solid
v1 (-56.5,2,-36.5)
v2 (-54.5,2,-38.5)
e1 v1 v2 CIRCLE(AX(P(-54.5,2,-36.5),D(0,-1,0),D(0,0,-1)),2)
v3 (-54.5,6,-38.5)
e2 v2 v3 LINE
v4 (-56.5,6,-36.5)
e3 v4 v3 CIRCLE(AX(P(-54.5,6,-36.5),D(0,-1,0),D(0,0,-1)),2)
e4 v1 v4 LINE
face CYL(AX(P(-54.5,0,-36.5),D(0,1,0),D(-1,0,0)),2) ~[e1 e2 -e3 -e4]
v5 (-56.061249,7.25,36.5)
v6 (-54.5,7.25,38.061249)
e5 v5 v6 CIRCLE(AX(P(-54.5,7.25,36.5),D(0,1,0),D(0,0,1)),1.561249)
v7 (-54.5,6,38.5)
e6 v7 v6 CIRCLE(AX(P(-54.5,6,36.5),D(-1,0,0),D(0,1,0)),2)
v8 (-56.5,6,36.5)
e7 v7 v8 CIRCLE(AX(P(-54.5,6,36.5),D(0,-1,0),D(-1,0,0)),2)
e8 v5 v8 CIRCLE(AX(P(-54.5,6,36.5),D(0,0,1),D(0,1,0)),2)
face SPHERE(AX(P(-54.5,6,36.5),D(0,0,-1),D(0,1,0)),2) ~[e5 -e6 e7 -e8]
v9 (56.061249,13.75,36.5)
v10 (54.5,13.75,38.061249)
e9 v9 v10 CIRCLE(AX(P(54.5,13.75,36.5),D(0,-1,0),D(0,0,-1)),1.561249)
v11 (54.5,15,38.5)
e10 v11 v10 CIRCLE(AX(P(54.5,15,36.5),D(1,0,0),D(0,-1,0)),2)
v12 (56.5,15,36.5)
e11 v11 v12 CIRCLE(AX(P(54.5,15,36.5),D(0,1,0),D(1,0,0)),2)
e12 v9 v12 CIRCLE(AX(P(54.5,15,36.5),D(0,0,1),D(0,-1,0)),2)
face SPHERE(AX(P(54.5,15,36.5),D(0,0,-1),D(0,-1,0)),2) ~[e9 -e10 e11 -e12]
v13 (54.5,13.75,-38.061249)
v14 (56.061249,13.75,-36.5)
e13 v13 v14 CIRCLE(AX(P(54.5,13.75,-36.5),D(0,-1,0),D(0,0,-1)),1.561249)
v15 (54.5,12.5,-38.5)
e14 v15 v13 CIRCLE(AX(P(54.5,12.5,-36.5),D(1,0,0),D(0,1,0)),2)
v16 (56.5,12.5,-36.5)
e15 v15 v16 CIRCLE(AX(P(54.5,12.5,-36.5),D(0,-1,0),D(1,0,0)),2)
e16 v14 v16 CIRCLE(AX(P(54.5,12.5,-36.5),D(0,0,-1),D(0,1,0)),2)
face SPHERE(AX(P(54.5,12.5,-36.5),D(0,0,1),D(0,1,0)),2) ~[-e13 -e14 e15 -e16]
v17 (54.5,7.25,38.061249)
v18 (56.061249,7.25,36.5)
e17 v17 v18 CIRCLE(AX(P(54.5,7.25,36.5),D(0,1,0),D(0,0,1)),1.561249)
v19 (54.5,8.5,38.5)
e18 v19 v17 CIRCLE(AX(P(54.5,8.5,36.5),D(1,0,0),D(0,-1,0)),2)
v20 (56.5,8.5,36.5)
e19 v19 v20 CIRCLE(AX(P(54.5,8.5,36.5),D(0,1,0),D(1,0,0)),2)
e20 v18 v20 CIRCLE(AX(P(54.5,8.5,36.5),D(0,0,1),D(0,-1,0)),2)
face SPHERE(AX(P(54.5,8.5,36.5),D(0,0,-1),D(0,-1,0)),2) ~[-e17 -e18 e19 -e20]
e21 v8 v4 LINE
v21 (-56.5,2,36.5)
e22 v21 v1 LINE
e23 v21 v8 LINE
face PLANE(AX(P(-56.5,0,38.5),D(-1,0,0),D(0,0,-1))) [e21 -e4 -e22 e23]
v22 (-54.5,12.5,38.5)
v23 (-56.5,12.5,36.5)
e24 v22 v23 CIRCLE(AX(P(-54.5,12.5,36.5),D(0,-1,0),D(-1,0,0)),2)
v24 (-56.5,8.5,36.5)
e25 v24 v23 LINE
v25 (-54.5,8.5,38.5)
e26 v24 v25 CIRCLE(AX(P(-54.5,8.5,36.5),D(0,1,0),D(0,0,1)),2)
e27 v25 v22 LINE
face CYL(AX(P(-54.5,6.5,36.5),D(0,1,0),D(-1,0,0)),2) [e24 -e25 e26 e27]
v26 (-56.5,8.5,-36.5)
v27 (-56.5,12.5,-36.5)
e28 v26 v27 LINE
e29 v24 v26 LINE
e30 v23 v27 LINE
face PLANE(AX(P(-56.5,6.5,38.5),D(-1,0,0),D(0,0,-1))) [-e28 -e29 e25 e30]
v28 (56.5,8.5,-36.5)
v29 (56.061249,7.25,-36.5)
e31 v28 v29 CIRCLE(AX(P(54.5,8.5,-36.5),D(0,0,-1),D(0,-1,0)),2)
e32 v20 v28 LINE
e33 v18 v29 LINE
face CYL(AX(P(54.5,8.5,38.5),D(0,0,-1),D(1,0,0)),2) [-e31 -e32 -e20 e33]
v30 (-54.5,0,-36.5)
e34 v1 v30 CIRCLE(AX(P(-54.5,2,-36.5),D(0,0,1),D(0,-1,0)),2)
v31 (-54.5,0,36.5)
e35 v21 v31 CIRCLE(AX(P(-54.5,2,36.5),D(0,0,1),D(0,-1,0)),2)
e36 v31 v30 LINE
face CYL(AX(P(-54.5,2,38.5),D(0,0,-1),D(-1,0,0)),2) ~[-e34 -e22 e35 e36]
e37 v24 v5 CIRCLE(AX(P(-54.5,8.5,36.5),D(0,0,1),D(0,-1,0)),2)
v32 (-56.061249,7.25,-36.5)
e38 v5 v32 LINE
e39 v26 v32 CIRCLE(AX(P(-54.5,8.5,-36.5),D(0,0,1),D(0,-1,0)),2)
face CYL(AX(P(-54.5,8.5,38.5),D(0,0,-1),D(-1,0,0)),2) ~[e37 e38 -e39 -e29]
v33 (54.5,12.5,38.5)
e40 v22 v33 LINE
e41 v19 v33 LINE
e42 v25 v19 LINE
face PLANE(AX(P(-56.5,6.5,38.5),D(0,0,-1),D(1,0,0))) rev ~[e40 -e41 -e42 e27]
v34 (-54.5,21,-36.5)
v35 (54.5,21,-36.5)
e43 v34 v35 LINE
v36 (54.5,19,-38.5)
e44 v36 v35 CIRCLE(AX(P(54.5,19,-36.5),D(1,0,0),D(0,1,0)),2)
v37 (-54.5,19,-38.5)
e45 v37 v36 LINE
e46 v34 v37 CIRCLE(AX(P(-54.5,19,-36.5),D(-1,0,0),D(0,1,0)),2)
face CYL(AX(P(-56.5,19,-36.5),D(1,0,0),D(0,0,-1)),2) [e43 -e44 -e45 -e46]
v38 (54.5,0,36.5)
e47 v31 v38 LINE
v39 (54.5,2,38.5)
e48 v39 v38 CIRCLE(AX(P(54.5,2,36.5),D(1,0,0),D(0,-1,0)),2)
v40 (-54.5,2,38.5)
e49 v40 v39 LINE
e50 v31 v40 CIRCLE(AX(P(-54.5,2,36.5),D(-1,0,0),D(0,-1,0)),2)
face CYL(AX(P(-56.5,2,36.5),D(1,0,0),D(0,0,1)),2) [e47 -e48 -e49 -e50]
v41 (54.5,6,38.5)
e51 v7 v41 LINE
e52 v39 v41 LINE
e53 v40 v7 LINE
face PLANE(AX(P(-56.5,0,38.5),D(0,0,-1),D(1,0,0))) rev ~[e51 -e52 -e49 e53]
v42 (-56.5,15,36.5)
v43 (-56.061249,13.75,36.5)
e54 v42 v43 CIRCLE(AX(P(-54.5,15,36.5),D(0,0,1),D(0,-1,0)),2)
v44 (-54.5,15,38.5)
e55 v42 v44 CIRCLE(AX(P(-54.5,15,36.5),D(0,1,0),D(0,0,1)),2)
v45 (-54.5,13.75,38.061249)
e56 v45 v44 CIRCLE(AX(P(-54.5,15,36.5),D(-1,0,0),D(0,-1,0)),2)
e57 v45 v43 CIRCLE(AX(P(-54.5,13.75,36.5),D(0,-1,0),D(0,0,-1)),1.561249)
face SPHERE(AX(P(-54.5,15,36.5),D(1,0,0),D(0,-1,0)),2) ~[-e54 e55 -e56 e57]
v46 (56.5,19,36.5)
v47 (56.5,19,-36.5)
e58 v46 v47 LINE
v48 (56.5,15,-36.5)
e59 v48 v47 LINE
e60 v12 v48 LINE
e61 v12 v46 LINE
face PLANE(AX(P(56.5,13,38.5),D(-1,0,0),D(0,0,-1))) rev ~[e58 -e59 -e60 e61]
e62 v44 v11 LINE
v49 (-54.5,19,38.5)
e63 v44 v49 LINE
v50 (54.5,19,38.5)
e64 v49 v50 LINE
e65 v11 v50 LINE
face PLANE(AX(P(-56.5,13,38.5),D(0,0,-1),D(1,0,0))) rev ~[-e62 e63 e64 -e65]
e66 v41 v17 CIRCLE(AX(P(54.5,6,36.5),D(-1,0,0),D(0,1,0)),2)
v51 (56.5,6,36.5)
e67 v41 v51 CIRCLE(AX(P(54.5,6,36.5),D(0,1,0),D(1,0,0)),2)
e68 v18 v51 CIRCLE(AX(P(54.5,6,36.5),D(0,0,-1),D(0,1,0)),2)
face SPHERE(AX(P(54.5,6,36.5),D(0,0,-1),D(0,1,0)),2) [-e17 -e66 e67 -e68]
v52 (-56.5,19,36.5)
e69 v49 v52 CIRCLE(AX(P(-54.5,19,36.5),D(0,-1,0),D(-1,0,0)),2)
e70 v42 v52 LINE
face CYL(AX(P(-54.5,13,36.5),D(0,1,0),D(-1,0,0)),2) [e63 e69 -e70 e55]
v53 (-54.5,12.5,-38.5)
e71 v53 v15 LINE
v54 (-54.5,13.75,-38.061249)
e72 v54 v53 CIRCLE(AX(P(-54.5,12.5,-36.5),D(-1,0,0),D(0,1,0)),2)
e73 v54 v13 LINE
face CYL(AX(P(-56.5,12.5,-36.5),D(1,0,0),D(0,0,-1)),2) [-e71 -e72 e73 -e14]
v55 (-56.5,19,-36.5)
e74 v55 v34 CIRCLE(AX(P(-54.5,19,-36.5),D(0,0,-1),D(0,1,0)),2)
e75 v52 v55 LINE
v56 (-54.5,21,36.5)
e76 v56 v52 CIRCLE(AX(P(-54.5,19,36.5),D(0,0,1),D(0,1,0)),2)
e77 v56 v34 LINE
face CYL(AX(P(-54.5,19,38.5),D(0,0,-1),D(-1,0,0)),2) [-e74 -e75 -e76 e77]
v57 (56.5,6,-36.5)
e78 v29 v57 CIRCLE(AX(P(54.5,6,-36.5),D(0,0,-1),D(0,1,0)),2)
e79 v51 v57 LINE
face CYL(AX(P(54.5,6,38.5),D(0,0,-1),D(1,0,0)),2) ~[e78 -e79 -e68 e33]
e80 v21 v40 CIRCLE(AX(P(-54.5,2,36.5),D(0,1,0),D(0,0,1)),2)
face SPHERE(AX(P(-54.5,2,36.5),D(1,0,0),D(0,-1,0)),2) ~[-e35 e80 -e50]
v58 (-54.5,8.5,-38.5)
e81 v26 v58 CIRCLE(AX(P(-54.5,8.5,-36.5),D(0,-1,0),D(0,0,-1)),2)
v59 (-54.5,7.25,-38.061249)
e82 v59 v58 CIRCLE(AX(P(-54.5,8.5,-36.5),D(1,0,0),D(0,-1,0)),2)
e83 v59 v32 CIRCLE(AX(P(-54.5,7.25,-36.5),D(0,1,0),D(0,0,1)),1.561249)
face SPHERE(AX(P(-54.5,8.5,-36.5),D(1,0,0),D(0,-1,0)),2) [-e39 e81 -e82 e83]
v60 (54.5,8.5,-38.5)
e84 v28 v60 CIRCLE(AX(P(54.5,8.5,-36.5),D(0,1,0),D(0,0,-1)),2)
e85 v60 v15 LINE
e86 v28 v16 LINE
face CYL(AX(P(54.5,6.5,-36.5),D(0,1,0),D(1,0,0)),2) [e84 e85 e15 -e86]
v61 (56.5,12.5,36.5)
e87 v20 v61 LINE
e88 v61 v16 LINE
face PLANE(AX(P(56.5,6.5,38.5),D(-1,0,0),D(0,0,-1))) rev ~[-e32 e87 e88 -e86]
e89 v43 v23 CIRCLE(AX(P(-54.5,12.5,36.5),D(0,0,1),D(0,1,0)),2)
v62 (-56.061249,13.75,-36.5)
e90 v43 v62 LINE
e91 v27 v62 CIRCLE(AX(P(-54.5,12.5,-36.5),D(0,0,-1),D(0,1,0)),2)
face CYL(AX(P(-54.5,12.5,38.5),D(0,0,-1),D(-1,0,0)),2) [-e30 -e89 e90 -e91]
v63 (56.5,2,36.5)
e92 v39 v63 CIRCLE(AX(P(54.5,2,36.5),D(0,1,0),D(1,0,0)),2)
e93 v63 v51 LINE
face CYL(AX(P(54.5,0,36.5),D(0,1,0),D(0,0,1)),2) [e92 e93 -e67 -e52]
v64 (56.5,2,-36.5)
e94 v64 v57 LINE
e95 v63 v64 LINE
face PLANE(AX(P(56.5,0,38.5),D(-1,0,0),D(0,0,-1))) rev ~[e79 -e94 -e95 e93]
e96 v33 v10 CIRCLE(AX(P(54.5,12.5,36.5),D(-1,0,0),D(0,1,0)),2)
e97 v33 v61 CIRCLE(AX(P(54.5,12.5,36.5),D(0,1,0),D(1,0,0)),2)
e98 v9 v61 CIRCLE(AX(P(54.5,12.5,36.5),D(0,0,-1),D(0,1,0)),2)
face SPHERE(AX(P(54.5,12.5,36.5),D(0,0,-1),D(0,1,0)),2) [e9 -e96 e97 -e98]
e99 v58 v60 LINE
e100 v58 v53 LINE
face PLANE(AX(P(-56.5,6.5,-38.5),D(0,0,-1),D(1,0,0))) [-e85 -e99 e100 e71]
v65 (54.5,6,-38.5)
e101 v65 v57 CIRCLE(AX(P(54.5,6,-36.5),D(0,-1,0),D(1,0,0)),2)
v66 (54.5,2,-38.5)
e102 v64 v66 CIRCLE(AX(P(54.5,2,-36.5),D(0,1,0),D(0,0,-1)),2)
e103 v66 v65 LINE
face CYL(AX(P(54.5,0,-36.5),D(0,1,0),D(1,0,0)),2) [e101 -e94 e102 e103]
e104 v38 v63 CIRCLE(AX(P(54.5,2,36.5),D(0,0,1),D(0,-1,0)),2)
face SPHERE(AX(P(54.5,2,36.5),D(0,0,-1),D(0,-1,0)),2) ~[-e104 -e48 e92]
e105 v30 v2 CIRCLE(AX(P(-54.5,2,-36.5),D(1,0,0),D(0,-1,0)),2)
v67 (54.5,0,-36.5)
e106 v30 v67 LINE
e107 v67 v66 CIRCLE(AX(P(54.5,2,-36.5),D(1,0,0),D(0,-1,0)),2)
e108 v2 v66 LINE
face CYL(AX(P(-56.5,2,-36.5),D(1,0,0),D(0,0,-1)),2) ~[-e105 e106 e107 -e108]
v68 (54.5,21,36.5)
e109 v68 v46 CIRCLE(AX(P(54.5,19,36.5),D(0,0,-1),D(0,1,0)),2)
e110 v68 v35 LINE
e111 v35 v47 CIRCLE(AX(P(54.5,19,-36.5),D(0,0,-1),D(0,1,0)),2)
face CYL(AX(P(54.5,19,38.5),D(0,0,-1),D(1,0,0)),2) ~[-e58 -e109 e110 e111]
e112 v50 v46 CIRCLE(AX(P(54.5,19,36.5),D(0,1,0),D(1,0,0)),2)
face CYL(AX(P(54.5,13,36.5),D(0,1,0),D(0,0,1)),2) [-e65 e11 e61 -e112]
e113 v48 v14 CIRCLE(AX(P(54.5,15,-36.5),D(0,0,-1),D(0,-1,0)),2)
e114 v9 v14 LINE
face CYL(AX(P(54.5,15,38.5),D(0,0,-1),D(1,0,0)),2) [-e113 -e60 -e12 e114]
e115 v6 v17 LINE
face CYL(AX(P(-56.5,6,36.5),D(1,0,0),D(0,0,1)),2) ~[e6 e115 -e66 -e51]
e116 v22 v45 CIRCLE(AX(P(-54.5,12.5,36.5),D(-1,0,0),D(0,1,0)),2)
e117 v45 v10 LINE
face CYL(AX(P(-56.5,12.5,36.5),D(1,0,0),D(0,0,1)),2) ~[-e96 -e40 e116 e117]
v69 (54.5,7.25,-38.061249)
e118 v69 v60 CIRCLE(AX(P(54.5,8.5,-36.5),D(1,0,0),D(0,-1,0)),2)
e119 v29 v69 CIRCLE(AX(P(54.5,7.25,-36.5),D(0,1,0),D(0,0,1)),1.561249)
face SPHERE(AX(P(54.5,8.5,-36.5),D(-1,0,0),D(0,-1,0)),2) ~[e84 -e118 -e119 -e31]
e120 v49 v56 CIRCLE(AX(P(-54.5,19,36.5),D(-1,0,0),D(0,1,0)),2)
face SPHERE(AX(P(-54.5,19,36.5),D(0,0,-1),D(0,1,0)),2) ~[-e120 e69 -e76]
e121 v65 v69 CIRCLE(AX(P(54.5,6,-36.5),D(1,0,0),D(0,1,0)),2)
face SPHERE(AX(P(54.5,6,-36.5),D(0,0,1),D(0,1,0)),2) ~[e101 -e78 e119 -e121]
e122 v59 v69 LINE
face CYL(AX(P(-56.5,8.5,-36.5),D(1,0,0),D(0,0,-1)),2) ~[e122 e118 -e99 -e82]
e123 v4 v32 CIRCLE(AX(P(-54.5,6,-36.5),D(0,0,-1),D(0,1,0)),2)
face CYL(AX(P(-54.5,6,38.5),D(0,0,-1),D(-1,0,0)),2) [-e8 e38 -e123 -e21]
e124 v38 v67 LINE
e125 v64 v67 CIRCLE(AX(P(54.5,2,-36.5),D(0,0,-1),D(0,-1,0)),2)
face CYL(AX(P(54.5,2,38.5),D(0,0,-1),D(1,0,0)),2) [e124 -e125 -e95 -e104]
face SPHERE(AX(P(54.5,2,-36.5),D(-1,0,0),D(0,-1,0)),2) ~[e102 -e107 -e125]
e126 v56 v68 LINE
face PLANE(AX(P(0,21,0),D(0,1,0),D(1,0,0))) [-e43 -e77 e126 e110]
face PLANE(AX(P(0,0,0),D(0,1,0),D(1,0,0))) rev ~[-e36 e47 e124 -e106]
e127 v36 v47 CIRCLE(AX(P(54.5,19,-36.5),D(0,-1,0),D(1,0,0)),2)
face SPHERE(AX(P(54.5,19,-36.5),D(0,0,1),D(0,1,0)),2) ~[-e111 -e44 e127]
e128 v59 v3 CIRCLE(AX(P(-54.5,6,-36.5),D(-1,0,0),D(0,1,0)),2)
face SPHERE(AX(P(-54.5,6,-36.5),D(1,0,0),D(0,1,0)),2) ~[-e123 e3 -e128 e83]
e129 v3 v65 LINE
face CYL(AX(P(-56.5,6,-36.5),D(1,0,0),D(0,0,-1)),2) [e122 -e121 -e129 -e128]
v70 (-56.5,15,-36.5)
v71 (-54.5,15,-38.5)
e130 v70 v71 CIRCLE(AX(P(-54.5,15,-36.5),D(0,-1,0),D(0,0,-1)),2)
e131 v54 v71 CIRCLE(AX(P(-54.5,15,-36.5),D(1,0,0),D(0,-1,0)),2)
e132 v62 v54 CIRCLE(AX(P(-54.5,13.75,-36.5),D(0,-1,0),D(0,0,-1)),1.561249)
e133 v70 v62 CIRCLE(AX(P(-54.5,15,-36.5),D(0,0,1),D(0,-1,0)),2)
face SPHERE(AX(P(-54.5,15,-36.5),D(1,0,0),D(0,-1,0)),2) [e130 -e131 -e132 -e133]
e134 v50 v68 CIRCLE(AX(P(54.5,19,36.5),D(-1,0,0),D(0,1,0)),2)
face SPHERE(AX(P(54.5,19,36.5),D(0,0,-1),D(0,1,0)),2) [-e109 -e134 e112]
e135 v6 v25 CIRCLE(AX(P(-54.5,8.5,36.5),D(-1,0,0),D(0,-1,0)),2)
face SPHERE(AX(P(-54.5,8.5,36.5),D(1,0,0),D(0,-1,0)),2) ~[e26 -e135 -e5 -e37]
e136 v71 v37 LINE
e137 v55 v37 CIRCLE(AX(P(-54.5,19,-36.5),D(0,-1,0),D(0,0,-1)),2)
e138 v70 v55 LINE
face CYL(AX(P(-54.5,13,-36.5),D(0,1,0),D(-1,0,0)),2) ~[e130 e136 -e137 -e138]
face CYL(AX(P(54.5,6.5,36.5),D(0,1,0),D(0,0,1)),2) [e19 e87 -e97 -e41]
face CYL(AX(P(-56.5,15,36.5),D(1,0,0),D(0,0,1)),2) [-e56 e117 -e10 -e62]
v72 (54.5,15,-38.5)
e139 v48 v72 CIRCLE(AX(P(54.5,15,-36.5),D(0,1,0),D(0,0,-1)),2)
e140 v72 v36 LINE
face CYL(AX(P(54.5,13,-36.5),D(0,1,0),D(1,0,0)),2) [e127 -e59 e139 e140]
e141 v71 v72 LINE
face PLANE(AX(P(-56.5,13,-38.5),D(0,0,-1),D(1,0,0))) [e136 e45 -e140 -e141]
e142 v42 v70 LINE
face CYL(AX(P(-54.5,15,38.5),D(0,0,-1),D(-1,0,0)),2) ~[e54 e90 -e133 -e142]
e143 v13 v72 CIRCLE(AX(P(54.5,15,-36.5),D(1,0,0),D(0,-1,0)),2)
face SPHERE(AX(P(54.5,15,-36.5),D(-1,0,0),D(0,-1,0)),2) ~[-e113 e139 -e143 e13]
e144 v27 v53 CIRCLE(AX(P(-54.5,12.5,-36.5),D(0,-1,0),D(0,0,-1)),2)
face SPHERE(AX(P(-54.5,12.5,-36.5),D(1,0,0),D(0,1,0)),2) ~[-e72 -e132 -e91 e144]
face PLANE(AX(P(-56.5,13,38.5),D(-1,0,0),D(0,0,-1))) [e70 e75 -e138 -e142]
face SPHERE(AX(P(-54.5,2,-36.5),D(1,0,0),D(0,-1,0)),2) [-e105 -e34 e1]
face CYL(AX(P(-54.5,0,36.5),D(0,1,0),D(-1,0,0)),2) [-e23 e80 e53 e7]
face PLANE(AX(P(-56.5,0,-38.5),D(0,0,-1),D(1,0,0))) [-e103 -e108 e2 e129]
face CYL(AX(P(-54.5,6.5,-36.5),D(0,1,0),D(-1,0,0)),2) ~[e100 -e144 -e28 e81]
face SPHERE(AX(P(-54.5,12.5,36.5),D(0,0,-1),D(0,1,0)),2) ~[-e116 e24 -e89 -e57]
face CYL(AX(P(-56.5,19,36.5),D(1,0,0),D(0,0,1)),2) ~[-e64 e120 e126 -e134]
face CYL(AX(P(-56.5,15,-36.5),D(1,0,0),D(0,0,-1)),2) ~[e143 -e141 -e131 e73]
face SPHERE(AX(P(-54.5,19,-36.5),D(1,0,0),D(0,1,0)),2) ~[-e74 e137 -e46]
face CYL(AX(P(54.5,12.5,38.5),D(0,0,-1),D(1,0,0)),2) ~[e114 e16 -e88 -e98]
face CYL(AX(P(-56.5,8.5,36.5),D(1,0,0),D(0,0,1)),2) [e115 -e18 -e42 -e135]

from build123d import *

# Parameters (mm, degrees)
SKETCH1_W           = 113
SKETCH1_H           = 77
BOSS_EXTRUDE1_DEPTH = 8
FILLET1_R           = 2
LPATTERN3_COUNT     = 3
LPATTERN3_PITCH     = 6.5


with BuildPart() as part:
    # Sketch1 → Boss-Extrude1 (new body)
    with BuildSketch(Plane(origin=(0, 0, 0), x_dir=(1, 0, 0), z_dir=(0, 1, 0))):
        Rectangle(SKETCH1_W, SKETCH1_H)
    extrude(amount=BOSS_EXTRUDE1_DEPTH)

    # Fillet1
    fillet1_edges = [part.edges().sort_by_distance(p)[0] for p in [
        (56.5, 8, 0),
        (0, 8, -38.5),
        (-56.5, 8, 0),
        (0, 0, -38.5),
        (56.5, 0, 0),
        (0, 0, 38.5),
        (-56.5, 0, 0),
        (0, 8, 38.5),
        (-56.5, 4, -38.5),
        (56.5, 4, -38.5),
        (56.5, 4, 38.5),
        (-56.5, 4, 38.5),
    ]]
    fillet(fillet1_edges, radius=FILLET1_R)


with BuildPart() as lpattern3_1:
    # LPattern3: pattern copy
    add(part.part.moved(Location(Vector(0, 1, 0) * (1 * LPATTERN3_PITCH))))


with BuildPart() as lpattern3_2:
    # LPattern3: pattern copy
    add(part.part.moved(Location(Vector(0, 1, 0) * (2 * LPATTERN3_PITCH))))


with BuildPart() as part_1:
    add(part.part)

    # Combine1: union LPattern3_2, LPattern3_1
    add(lpattern3_2.part)
    add(lpattern3_1.part)


solid = part_1.part
